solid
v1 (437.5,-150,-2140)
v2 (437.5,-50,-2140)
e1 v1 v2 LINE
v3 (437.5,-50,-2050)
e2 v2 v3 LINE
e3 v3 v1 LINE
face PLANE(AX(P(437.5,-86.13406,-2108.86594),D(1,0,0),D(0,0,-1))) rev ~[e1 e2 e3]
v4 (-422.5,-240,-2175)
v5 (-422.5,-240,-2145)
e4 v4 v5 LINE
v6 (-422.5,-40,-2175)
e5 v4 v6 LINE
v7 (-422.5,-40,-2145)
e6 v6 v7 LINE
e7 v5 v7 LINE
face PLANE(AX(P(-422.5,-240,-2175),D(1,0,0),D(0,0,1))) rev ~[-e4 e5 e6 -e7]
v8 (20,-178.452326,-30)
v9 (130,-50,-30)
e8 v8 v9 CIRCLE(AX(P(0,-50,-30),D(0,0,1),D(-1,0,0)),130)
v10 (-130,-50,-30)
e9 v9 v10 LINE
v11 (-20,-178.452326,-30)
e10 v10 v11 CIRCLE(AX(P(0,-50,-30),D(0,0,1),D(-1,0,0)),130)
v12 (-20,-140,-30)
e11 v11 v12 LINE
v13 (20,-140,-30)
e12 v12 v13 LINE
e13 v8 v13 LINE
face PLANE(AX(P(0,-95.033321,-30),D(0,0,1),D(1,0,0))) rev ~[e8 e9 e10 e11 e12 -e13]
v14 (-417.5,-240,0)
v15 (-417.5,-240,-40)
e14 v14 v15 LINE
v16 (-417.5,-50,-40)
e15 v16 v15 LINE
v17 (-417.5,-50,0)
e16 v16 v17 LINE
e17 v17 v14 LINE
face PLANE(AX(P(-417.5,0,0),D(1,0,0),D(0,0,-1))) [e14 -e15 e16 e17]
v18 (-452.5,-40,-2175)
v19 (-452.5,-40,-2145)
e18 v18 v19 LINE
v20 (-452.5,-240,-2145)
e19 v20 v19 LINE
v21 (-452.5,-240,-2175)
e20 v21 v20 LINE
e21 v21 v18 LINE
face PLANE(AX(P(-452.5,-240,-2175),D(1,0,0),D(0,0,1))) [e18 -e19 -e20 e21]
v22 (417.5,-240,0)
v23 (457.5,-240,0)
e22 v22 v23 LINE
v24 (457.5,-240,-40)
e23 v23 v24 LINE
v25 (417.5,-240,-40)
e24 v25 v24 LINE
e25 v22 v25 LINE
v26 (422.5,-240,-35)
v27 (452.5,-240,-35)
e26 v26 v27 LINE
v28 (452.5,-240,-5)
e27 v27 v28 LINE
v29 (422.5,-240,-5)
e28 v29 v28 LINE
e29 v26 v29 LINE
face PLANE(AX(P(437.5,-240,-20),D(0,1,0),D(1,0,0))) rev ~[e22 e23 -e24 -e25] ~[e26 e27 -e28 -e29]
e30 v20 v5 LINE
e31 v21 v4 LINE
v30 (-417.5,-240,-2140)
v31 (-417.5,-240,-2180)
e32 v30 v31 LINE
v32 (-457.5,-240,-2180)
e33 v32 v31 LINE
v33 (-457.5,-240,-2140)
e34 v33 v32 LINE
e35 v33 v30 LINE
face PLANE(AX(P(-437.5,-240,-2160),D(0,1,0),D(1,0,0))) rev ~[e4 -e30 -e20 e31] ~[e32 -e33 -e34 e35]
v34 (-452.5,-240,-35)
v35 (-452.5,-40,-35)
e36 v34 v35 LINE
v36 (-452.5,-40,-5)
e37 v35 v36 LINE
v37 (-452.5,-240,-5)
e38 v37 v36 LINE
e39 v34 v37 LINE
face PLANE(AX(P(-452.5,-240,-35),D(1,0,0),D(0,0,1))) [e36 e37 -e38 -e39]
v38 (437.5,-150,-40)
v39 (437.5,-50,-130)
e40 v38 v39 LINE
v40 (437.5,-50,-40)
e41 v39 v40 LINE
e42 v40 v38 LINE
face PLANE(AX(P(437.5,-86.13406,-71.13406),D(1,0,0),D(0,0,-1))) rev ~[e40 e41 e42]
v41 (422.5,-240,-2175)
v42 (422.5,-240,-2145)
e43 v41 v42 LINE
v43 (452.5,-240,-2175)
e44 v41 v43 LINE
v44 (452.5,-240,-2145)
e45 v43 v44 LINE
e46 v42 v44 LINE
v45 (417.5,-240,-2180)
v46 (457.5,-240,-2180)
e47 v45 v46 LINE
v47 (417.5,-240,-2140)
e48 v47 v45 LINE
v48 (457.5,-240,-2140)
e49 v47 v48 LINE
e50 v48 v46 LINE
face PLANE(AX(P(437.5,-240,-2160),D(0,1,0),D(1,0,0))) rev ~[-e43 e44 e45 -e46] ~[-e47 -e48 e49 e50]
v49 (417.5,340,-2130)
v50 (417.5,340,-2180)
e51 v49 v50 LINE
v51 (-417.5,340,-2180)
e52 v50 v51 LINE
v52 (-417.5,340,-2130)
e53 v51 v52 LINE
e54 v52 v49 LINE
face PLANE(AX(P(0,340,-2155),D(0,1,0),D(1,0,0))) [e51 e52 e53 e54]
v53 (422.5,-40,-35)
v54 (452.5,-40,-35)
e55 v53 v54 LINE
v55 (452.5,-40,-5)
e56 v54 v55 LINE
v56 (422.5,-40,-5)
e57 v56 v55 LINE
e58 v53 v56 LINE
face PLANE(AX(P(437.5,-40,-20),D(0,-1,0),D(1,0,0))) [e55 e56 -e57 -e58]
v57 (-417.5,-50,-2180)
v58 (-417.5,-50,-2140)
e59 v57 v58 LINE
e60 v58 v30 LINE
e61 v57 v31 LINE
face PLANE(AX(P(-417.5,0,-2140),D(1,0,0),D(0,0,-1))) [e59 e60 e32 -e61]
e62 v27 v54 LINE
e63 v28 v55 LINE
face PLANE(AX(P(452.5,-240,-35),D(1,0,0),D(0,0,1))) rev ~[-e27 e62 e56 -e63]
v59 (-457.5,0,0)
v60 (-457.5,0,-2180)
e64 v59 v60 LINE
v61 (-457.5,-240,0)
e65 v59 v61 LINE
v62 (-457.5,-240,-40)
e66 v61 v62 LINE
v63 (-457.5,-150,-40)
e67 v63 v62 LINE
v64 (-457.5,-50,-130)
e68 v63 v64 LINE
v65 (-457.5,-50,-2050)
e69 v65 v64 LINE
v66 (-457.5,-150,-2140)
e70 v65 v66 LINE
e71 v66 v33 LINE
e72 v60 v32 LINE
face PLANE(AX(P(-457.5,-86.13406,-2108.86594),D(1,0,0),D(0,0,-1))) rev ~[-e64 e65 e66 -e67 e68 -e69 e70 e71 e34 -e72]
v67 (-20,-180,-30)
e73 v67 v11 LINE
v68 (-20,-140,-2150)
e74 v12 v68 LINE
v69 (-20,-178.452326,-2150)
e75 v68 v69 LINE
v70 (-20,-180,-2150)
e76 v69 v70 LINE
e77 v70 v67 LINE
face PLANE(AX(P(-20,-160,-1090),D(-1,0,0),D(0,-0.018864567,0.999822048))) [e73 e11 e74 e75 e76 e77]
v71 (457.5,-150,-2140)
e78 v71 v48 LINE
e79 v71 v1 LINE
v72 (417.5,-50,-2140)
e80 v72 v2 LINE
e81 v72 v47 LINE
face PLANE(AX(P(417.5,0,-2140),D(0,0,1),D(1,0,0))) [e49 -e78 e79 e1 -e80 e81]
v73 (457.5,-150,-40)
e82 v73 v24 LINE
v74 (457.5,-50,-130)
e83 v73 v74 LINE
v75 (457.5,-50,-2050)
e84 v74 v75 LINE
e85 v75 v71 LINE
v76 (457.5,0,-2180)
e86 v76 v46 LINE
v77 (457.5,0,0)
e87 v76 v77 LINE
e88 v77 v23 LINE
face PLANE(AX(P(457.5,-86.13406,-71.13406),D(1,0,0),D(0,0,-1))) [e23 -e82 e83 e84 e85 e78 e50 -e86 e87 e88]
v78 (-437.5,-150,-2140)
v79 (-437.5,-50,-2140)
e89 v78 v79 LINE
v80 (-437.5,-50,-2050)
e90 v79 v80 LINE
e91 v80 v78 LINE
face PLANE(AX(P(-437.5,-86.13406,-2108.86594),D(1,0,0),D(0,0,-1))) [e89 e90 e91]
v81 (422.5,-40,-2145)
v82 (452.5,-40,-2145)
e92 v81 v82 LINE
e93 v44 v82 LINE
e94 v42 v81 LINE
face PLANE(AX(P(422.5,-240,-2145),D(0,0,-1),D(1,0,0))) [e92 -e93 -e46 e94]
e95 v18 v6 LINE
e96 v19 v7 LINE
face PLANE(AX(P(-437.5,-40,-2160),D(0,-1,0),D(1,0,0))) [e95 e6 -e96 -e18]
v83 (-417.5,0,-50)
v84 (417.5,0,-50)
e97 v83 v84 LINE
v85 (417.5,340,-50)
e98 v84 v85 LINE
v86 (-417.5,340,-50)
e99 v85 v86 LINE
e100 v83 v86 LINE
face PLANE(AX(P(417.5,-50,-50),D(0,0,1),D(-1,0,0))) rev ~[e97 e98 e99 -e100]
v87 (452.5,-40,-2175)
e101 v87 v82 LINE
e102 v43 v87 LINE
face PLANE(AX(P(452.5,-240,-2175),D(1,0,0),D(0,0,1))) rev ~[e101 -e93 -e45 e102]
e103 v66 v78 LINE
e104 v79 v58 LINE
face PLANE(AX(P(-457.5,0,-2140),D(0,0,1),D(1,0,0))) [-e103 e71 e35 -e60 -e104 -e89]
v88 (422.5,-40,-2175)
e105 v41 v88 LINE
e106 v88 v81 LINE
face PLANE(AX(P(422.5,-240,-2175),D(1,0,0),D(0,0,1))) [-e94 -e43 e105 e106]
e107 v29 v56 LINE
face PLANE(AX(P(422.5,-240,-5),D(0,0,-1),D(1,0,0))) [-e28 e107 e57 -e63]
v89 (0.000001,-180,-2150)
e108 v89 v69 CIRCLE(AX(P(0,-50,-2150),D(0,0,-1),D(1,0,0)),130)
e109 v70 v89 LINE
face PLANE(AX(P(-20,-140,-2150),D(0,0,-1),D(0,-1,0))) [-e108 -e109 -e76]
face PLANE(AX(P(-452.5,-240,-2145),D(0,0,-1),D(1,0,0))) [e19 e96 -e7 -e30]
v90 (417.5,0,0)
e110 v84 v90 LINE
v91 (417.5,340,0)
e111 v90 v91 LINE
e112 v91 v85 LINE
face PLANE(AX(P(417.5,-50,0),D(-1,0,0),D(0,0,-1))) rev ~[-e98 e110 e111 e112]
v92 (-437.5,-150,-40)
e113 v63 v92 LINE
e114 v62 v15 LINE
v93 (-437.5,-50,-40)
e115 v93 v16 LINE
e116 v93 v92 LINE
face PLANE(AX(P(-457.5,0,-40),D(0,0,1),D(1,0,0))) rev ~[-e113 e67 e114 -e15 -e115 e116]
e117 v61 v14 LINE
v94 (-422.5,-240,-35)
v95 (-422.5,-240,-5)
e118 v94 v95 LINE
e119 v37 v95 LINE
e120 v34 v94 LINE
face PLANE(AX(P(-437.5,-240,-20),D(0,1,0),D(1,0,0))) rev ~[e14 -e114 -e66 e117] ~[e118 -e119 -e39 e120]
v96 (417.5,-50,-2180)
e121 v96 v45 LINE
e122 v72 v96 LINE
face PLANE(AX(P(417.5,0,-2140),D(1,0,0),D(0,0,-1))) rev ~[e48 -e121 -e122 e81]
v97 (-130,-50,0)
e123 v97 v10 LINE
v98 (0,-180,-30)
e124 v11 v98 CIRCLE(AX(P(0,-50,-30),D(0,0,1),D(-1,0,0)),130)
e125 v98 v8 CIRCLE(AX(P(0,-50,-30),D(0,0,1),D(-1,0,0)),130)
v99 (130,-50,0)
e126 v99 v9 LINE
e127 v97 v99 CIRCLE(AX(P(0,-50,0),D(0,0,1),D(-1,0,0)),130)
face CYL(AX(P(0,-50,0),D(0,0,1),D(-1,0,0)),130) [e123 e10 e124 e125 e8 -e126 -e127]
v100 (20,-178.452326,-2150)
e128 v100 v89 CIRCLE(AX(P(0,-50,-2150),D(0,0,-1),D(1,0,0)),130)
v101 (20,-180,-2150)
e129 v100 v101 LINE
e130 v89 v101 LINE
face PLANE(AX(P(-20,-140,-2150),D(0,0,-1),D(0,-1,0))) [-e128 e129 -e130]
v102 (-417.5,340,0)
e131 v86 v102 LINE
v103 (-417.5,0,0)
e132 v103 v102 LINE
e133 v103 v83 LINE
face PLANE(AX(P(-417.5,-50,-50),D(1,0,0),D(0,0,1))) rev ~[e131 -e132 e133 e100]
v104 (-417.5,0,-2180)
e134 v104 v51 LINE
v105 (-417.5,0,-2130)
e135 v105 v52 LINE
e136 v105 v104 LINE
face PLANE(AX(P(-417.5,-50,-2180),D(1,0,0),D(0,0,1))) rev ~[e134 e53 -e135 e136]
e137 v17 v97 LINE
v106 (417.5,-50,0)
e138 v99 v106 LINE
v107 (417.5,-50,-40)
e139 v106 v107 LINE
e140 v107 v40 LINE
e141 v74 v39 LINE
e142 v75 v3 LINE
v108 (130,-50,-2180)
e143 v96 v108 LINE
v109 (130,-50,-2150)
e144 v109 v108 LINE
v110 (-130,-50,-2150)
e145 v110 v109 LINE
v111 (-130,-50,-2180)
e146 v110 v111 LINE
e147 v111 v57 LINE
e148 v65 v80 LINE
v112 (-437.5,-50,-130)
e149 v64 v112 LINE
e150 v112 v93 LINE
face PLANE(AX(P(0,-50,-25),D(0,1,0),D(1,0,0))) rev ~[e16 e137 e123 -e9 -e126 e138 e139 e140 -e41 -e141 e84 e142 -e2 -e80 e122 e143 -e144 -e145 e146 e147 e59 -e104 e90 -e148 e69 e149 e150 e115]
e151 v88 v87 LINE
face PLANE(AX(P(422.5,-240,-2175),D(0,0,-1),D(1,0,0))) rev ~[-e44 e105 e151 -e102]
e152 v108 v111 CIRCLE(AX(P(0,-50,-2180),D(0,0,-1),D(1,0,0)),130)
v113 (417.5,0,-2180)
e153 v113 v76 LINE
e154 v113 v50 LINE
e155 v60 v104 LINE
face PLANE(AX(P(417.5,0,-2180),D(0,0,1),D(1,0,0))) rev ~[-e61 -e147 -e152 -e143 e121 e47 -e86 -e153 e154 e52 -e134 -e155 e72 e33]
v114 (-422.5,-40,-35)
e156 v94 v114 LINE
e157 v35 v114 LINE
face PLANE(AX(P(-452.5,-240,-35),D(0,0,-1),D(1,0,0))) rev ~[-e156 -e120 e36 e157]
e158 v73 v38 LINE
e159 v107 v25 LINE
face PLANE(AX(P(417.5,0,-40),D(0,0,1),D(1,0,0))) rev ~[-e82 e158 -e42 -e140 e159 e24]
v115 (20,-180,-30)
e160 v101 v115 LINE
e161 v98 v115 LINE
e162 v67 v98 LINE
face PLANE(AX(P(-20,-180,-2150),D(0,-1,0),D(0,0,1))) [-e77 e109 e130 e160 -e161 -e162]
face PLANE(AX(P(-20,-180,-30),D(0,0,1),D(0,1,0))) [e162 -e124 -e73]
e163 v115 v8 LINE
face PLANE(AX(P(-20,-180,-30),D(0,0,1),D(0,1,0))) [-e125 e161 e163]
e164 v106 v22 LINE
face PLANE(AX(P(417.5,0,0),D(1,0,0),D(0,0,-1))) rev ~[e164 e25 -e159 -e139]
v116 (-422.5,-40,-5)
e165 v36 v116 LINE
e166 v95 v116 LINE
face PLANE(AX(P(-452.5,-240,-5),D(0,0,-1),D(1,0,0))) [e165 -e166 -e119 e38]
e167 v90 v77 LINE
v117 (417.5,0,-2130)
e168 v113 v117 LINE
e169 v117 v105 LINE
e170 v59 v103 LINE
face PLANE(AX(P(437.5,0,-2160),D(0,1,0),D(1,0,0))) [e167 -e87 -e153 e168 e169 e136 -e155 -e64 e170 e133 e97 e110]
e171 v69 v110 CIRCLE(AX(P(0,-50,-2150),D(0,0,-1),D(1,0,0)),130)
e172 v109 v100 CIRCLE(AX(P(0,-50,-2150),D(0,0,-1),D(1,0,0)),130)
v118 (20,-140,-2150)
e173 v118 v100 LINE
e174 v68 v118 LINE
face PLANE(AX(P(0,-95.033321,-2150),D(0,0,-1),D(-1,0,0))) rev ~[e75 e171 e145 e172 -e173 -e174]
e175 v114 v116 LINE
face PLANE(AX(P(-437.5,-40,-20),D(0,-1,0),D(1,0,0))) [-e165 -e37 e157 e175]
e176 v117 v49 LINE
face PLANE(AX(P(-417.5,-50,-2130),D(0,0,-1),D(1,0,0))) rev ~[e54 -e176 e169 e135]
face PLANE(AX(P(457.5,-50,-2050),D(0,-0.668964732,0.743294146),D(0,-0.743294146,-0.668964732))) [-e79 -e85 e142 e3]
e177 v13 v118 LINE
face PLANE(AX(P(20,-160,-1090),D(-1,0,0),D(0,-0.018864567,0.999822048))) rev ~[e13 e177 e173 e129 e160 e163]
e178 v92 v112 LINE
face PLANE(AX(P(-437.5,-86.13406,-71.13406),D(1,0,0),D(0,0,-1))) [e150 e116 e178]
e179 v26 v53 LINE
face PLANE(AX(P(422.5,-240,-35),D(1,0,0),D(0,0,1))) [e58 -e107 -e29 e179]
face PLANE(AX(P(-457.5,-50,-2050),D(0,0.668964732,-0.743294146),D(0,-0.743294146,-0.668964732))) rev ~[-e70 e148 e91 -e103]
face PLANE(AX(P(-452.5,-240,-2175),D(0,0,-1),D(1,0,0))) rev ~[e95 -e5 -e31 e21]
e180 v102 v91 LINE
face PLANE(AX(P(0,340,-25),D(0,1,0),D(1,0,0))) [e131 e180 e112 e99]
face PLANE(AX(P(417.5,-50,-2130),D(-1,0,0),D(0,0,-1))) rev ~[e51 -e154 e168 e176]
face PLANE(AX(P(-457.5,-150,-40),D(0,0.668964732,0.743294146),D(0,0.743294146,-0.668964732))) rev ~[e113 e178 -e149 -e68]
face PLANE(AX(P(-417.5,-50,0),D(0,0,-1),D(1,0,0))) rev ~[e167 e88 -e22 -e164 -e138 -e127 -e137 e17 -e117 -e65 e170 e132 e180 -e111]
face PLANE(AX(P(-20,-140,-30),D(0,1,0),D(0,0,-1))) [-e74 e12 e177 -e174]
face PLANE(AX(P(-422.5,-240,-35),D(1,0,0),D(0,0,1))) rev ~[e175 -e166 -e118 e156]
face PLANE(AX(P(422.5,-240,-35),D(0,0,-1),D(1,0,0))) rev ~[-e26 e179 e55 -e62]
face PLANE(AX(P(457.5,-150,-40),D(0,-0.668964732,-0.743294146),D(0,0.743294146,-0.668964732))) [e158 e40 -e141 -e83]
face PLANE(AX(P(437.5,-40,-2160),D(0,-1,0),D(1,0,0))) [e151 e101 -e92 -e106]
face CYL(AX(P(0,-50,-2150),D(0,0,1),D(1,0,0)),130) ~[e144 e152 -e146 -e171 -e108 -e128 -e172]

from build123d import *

# Parameters (mm, degrees)
BOSS_EXTRUDE1_DEPTH      = 50
BOSS_EXTRUDE2_DEPTH      = 340
BOSS_EXTRUDE2_DEPTH_BACK = 50
SKETCH1_3_W              = 835
SKETCH1_3_H              = 50
SKETCH1_4_W              = 40
SKETCH1_4_H              = 40
BOSS_EXTRUDE3_DEPTH      = 240
BOSS_EXTRUDE4_DEPTH      = 20
BOSS_EXTRUDE5_DEPTH      = 20
SKETCH5_W                = 30
SKETCH5_H                = 30
CUT_EXTRUDE1_DEPTH       = 200
BOSS_EXTRUDE6_DEPTH      = 30
BOSS_EXTRUDE7_START      = -30
BOSS_EXTRUDE7_DEPTH      = 30
BOSS_EXTRUDE8_DEPTH      = 20
BOSS_EXTRUDE8_DEPTH_BACK = 20


with BuildPart() as part:
    # Sketch1 → Boss-Extrude1 (new body)
    with BuildSketch(Plane(origin=(0, 0, 0), x_dir=(1, 0, 0), z_dir=(0, 1, 0))):
        Polygon((-457.5, 40), (-417.5, 40), (-417.5, 50), (417.5, 50), (417.5, 40), (457.5, 40), (457.5, 2140), (417.5, 2140), (417.5, 2130), (-417.5, 2130), (-417.5, 2140), (-457.5, 2140), align=None)
    extrude(amount=-BOSS_EXTRUDE1_DEPTH)

    # Sketch1<3> → Boss-Extrude2 (add, two sides: drawn at the far end of the back side and taken through both)
    with BuildSketch(Plane(origin=(0, 0, 0), x_dir=(1, 0, 0), z_dir=(0, 1, 0)).offset(-BOSS_EXTRUDE2_DEPTH_BACK)):
        with Locations((0, 25)):
            Rectangle(SKETCH1_3_W, SKETCH1_3_H)
        with Locations((0, 2155)):
            Rectangle(SKETCH1_3_W, SKETCH1_3_H)
    extrude(amount=BOSS_EXTRUDE2_DEPTH + BOSS_EXTRUDE2_DEPTH_BACK)

    # Sketch1<4> → Boss-Extrude3 (add)
    with BuildSketch(Plane(origin=(0, 0, 0), x_dir=(1, 0, 0), z_dir=(0, 1, 0))):
        with Locations((-437.5, 20)):
            Rectangle(SKETCH1_4_W, SKETCH1_4_H)
        with Locations((437.5, 20)):
            Rectangle(SKETCH1_4_W, SKETCH1_4_H)
        with Locations((-437.5, 2160)):
            Rectangle(SKETCH1_4_W, SKETCH1_4_H)
        with Locations((437.5, 2160)):
            Rectangle(SKETCH1_4_W, SKETCH1_4_H)
    extrude(amount=-BOSS_EXTRUDE3_DEPTH)

    # Sketch3 → Boss-Extrude4 (add)
    with BuildSketch(Plane(origin=(457.5, 0, 0), x_dir=(0, 0, -1), z_dir=(1, 0, 0))):
        Polygon((40, -50), (40, -150), (130, -50), align=None)
        Polygon((2140, -50), (2050, -50), (2140, -150), align=None)
    extrude(amount=-BOSS_EXTRUDE4_DEPTH)

    # Sketch4 → Boss-Extrude5 (add)
    with BuildSketch(Plane(origin=(-457.5, 0, -45.75), x_dir=(0, 0, -1), z_dir=(1, 0, 0))):
        Polygon((-5.75, -50), (-5.75, -150), (84.25, -50), align=None)
        Polygon((2094.25, -50), (2004.25, -50), (2094.25, -150), align=None)
    extrude(amount=BOSS_EXTRUDE5_DEPTH)

    # Sketch5 → Cut-Extrude1 (cut)
    with BuildSketch(Plane.XZ.offset(240)):
        with Locations((-437.5, -2160)):
            Rectangle(SKETCH5_W, SKETCH5_H)
        with Locations((437.5, -2160)):
            Rectangle(SKETCH5_W, SKETCH5_H)
        with Locations((437.5, -20)):
            Rectangle(SKETCH5_W, SKETCH5_H)
        with Locations((-437.5, -20)):
            Rectangle(SKETCH5_W, SKETCH5_H)
    extrude(amount=-CUT_EXTRUDE1_DEPTH, mode=Mode.SUBTRACT)

    # Sketch6 → Boss-Extrude6 (add)
    with BuildSketch(Plane.XY):
        with BuildLine():
            Line((130, -50), (-130, -50))
            ThreePointArc((-130, -50), (0, -180), (130, -50))
        make_face()
    extrude(amount=-BOSS_EXTRUDE6_DEPTH)

    # Sketch7 → Boss-Extrude7 (add)
    with BuildSketch(Plane(origin=(0, 0, -2180), x_dir=(-1, 0, 0), z_dir=(0, 0, -1)).offset(BOSS_EXTRUDE7_START)):
        with BuildLine():
            Line((130, -50), (-130, -50))
            ThreePointArc((-130, -50), (0, -180), (130, -50))
        make_face()
    extrude(amount=BOSS_EXTRUDE7_DEPTH)

    # 3DSketch1 → Boss-Extrude8 (add, two sides: drawn at the far end of the back side and taken through both)
    with BuildSketch(Plane(origin=(0, -180, -30), x_dir=(0, 0.018864566947613626, -0.9998220482235222), z_dir=(1, 0, 0)).offset(-BOSS_EXTRUDE8_DEPTH_BACK)):
        Polygon((0, 0), (0.754582678, 39.992881929), (2120.377324912, 0), (2119.622742234, -39.992881929), align=None)
    extrude(amount=BOSS_EXTRUDE8_DEPTH + BOSS_EXTRUDE8_DEPTH_BACK)


solid = part.part
